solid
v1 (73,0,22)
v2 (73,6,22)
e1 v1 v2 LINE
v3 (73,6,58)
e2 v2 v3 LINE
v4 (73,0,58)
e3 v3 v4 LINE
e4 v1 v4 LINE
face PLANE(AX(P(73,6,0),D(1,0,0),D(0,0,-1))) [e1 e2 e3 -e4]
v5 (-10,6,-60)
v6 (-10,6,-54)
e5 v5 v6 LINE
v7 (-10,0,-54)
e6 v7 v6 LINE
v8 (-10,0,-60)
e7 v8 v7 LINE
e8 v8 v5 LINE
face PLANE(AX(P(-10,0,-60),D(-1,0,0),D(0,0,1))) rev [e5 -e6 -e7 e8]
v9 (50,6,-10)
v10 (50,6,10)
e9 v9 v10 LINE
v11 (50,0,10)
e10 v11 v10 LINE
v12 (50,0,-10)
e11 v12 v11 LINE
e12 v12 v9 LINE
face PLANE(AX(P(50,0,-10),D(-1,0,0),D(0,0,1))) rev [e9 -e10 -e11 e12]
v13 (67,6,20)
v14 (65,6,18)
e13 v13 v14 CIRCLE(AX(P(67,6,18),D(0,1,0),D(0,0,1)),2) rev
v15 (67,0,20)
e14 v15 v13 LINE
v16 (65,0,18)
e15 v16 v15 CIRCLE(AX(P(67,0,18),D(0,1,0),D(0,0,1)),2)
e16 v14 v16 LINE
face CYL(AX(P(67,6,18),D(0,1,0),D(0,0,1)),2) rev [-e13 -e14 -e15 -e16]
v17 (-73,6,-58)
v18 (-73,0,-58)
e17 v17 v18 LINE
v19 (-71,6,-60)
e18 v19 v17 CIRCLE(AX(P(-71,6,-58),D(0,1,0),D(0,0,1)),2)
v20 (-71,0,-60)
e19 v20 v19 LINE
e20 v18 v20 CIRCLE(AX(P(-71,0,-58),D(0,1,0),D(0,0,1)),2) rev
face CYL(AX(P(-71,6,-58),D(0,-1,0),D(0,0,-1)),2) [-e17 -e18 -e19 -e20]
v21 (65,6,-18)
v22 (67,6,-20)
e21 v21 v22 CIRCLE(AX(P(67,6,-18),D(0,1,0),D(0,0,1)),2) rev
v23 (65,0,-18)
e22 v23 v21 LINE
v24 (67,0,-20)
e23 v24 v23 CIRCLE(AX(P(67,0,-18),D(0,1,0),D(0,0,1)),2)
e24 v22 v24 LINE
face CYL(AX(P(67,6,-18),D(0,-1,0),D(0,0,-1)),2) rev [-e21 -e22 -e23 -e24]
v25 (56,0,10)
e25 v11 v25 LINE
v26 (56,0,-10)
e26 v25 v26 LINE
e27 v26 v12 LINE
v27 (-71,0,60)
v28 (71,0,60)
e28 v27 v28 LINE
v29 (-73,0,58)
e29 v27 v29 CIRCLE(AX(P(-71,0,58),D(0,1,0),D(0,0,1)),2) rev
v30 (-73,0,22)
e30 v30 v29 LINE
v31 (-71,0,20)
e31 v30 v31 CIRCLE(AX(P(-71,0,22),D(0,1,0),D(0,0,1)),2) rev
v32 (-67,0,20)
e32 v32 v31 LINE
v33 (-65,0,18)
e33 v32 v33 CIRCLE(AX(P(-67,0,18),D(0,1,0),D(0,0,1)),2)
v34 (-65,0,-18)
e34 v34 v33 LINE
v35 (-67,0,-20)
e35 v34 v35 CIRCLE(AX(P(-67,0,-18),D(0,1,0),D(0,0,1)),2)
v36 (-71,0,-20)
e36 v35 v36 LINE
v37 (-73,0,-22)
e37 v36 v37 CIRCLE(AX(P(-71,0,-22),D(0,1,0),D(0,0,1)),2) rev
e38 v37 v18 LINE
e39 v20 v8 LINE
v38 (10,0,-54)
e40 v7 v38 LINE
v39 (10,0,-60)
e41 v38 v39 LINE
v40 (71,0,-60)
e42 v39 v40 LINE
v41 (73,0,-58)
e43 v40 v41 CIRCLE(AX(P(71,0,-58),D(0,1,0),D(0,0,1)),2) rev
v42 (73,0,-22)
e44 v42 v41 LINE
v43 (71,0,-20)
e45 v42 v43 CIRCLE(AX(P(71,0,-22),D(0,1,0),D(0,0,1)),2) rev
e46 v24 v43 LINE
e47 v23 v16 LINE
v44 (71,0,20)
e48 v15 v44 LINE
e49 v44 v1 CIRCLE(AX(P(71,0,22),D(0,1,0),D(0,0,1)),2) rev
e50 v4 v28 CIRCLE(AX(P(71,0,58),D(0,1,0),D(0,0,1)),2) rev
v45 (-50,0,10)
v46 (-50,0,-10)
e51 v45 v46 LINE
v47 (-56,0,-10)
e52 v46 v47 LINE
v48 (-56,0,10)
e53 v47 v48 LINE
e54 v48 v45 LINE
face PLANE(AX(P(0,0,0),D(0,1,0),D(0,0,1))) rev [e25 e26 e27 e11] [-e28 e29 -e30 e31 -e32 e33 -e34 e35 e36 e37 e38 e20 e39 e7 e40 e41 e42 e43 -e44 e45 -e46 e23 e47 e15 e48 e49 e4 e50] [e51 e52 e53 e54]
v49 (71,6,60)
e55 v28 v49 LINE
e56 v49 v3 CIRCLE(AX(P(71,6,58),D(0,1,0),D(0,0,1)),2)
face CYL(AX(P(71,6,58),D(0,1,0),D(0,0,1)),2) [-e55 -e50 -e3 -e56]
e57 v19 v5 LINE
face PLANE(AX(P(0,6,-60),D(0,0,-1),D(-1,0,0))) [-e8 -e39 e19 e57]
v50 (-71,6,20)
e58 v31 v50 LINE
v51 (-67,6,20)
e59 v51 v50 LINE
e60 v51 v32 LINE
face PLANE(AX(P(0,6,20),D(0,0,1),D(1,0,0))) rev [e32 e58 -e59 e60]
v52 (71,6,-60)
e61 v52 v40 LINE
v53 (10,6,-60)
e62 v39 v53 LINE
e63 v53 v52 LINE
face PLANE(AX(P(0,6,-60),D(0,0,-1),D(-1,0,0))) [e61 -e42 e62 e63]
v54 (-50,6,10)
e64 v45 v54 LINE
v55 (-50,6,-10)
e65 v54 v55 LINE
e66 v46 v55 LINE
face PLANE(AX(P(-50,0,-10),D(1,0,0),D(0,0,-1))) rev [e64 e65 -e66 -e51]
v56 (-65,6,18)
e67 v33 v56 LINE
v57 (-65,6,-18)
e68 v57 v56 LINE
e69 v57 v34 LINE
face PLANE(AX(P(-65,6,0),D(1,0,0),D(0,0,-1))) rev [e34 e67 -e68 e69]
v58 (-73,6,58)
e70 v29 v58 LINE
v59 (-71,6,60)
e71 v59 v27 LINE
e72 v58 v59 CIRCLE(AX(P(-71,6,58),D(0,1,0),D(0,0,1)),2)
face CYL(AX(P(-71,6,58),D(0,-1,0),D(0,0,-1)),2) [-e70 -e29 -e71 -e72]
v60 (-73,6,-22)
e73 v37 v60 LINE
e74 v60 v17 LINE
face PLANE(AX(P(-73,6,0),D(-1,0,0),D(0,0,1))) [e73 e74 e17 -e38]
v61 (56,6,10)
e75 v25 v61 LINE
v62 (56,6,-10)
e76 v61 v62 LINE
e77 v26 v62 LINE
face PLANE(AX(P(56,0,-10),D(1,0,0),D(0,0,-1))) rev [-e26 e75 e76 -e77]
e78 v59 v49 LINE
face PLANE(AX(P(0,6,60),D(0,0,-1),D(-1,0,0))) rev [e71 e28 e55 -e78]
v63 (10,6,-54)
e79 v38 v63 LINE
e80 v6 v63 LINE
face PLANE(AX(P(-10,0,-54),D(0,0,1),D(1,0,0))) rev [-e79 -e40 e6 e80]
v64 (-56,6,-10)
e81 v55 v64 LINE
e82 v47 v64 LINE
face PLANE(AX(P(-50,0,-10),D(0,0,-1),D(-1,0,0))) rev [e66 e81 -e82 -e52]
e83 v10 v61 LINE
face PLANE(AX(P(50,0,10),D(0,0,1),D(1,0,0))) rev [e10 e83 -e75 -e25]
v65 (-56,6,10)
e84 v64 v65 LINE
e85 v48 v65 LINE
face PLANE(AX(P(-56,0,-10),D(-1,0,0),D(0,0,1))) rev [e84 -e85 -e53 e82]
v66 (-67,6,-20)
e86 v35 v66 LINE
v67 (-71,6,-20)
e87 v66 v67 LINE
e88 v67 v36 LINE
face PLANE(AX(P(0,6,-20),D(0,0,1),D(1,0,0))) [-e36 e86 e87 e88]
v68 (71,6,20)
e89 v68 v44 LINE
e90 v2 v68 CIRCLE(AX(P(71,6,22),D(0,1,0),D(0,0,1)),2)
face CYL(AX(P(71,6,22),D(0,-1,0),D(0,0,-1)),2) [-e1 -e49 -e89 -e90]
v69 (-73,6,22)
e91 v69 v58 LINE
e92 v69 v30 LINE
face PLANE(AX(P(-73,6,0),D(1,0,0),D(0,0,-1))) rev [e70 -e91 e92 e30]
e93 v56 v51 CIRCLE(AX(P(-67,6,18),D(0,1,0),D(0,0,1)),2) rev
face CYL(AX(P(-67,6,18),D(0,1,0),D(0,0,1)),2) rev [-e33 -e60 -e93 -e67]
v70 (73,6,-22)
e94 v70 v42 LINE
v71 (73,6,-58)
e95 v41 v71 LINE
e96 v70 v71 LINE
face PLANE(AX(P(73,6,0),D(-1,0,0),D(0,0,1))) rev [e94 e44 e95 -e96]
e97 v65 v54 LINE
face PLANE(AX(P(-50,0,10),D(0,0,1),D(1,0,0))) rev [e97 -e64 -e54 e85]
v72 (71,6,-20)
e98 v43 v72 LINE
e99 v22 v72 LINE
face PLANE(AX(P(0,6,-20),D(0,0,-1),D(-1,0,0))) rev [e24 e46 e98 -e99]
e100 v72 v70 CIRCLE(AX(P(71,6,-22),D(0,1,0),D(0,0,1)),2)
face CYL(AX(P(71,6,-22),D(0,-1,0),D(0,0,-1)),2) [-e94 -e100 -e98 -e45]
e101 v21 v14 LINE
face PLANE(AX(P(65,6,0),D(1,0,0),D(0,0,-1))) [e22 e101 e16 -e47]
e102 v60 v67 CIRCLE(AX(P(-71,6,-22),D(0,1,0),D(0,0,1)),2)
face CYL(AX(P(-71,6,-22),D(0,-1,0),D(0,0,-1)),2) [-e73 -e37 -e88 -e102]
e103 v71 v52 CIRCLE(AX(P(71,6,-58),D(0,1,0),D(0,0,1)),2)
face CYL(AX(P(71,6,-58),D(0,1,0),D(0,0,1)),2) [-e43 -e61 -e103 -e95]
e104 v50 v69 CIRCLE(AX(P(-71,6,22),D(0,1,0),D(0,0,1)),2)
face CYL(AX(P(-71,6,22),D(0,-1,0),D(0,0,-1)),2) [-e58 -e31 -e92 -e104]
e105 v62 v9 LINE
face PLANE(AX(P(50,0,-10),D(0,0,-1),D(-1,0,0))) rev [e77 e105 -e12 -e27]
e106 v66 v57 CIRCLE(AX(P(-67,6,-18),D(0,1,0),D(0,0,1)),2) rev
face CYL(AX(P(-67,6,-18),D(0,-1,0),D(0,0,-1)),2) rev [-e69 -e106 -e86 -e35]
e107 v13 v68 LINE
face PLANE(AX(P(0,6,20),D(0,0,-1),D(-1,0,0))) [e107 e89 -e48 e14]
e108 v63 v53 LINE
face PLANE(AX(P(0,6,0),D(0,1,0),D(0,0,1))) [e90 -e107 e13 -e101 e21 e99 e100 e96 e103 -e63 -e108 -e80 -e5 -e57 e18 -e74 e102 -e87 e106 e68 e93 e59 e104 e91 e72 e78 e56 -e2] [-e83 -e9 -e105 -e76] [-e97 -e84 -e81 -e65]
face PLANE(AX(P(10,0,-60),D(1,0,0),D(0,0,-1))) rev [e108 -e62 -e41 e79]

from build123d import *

# Parameters (mm, degrees)
BOSS_EXTRUDE1_DEPTH     = 6
FILLET1_R               = 2
CUT_EXTRUDE1_DEPTH      = 95.683683917
CUT_EXTRUDE1_DEPTH_BACK = 95.683683917
SKETCH2_W               = 6
SKETCH2_H               = 20
SKETCH3_W               = 20
SKETCH3_H               = 6
CUT_EXTRUDE2_DEPTH      = 95.683683917


with BuildPart() as part:
    # Sketch1 → Boss-Extrude1 (new body)
    with BuildSketch(Plane(origin=(0, 0, 0), x_dir=(1, 0, 0), z_dir=(0, 1, 0))):
        Polygon((65, 20), (65, -20), (73, -20), (73, -60), (-73, -60), (-73, -20), (-65, -20), (-65, 20), (-73, 20), (-73, 60), (73, 60), (73, 20), align=None)
    extrude(amount=BOSS_EXTRUDE1_DEPTH)

    # Fillet1
    fillet1_edges = [part.edges().sort_by_distance(p)[0] for p in [
        (65, 3, 20),
        (73, 3, 20),
        (73, 3, 60),
        (-73, 3, 60),
        (-73, 3, 20),
        (-65, 3, 20),
        (-65, 3, -20),
        (-73, 3, -20),
        (-73, 3, -60),
        (73, 3, -60),
        (73, 3, -20),
        (65, 3, -20),
    ]]
    fillet(fillet1_edges, radius=FILLET1_R)

    # Sketch2 → Cut-Extrude1 (cut, two sides: drawn at the far end of the back side and taken through both)
    with BuildSketch(Plane(origin=(0, 6, 0), x_dir=(1, 0, 0), z_dir=(0, 1, 0)).offset(-CUT_EXTRUDE1_DEPTH_BACK)):
        with Locations((53, 0)):
            Rectangle(SKETCH2_W, SKETCH2_H)
        with Locations((-53, 0)):
            Rectangle(SKETCH2_W, SKETCH2_H)
    extrude(amount=CUT_EXTRUDE1_DEPTH + CUT_EXTRUDE1_DEPTH_BACK, mode=Mode.SUBTRACT)

    # Sketch3 → Cut-Extrude2 (cut, through all)
    with BuildSketch(Plane(origin=(0, 6, 0), x_dir=(1, 0, 0), z_dir=(0, 1, 0))):
        with Locations((0, 57)):
            Rectangle(SKETCH3_W, SKETCH3_H)
    extrude(amount=-CUT_EXTRUDE2_DEPTH, mode=Mode.SUBTRACT)


solid = part.part
